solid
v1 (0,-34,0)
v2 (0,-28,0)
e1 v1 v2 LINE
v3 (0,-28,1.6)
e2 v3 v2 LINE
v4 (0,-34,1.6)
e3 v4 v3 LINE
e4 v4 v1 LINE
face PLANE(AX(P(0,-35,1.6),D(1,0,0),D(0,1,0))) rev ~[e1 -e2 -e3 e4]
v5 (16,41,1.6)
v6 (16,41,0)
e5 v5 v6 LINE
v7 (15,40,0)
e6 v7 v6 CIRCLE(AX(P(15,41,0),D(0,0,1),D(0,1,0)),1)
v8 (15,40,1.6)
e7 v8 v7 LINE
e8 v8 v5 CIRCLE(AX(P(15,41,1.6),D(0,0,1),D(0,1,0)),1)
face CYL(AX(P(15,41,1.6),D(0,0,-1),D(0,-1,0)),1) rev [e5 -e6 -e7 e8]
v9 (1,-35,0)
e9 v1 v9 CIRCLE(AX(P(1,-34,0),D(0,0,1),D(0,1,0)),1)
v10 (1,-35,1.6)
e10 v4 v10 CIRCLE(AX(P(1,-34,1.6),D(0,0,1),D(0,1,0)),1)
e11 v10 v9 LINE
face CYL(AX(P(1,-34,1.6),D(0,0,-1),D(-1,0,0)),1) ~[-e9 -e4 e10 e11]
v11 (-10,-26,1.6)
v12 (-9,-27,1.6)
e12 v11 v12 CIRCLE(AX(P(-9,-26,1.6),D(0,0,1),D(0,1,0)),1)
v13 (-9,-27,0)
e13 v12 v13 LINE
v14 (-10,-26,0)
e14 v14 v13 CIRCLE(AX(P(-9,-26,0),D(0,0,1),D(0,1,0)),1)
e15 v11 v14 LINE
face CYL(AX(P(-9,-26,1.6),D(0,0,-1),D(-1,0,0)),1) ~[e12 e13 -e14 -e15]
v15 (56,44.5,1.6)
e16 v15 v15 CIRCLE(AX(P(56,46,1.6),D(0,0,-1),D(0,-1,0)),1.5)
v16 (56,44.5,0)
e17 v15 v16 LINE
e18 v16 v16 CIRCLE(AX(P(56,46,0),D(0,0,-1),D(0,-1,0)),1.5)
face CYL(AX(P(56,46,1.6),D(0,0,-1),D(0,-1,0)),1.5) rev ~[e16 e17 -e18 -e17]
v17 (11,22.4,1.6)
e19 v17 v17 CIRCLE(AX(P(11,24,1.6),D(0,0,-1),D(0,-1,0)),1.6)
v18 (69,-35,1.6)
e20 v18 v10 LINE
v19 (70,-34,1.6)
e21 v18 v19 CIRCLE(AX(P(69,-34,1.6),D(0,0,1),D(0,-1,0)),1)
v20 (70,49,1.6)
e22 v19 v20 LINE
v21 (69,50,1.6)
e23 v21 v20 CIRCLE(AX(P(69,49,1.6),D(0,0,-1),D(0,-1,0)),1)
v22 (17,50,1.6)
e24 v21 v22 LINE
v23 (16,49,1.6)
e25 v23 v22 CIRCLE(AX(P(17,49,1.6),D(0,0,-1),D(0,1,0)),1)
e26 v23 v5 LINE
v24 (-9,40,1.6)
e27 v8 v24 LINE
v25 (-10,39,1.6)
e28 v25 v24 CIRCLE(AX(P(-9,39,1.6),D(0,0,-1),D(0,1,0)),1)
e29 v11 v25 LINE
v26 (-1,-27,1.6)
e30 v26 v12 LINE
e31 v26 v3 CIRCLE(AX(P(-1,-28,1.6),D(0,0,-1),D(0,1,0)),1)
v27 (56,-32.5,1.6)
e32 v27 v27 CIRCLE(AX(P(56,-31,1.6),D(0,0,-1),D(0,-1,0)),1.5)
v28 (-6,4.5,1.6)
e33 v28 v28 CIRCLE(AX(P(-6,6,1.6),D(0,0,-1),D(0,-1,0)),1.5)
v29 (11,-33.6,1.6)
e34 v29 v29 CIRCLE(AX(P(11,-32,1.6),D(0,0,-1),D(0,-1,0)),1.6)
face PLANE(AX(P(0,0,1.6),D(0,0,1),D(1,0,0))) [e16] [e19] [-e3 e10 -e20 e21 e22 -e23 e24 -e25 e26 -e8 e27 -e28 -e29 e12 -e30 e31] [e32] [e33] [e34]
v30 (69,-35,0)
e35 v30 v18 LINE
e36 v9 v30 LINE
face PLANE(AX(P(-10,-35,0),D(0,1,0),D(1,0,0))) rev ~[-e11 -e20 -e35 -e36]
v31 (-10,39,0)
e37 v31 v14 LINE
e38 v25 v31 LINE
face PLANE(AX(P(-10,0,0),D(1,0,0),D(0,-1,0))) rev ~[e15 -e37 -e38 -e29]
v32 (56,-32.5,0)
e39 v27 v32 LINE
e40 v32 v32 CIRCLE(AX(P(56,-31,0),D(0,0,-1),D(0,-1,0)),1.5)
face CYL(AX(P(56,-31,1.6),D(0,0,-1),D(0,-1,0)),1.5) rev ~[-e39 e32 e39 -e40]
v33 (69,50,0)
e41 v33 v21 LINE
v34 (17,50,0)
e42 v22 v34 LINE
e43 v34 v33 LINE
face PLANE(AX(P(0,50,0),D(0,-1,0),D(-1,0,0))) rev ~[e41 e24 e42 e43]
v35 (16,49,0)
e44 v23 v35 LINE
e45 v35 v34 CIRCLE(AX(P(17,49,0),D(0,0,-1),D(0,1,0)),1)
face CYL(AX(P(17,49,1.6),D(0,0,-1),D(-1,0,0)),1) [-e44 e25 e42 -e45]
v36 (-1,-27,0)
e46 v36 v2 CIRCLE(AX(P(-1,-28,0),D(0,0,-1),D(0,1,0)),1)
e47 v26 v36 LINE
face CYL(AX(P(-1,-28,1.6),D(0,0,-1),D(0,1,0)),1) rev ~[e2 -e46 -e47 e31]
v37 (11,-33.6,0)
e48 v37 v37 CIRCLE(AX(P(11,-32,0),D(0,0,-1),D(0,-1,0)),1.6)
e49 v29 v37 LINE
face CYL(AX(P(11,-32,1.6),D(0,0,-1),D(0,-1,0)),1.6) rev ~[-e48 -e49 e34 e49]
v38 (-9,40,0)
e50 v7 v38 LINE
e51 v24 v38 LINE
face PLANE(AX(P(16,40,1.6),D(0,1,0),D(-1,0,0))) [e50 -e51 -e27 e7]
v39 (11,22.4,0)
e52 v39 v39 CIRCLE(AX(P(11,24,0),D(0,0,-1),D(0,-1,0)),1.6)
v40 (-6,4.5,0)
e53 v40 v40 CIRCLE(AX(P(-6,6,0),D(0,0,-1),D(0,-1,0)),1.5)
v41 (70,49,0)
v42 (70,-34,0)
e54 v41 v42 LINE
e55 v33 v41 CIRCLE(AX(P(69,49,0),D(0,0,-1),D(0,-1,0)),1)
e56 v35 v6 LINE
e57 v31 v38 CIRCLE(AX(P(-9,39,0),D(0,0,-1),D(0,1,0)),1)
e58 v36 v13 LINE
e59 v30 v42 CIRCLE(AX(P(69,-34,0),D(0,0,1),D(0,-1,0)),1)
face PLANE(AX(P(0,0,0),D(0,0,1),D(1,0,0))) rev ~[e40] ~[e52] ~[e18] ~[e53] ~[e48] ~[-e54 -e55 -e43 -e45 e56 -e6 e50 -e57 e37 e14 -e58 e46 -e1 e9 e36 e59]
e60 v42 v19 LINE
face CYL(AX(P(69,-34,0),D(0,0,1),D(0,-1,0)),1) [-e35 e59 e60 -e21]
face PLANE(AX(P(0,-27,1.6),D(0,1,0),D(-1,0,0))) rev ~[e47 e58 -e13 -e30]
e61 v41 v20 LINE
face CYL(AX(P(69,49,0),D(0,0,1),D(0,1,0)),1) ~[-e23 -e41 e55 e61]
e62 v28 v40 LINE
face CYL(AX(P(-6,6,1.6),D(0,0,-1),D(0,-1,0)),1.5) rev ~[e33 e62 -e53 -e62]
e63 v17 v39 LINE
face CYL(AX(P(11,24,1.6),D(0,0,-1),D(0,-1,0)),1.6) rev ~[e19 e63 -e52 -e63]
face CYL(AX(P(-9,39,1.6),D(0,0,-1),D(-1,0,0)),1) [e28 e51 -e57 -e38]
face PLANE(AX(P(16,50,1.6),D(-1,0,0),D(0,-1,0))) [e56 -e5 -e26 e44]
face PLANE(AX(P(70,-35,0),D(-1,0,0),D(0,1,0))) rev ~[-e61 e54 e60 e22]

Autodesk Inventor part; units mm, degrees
ref_plane "YZ Plane" through (0, 0, 0) normal (1, 0, 0) x (0, 1, 0)
ref_plane "XZ Plane" through (0, 0, 0) normal (0, 1, 0) x (-1, 0, 0)
ref_plane "XY Plane" through (0, 0, 0) normal (0, 0, 1) x (1, 0, 0)
sketch "Skizze1" plane through (0, 0, 0) normal (0, 0, 1) x (1, 0, 0)
  line L0 (-10, -35) -> (70, -35)
  line L1 (70, -35) -> (70, 50)
  line L2 (70, 50) -> (-10, 50)
  line L3 (-10, 50) -> (-10, -35)
  line L4 (0, 67) -> (0, -52) projected
  line L5 (-26, 0) -> (86, 0) projected
  dimension "d0" = 80
  dimension "d1" = 85
  dimension "d4" = 35
  dimension "d5" = 10
extrude "Extrusion1" add sketch "Skizze1" along normal blind 1.6
sketch "Skizze3" plane through (0, 0, 1.6) normal (0, 0, 1) x (1, 0, 0)
  line L0 (-10, -35) -> (70, -35) projected
  line L1 (70, -35) -> (70, 50) projected
  line L2 (70, 50) -> (-10, 50) projected
  line L3 (-10, 50) -> (-10, -35) projected
  line L4 (-10, -35) -> (0, -35)
  line L5 (0, -35) -> (0, -27)
  line L6 (0, -27) -> (-10, -27)
  line L7 (-10, -27) -> (-10, -35)
  line L8 (70, 50) -> (-10, 50) projected
  line L9 (-10, 50) -> (16, 50)
  line L10 (16, 50) -> (16, 40)
  line L11 (16, 40) -> (-10, 40)
  line L12 (-10, 40) -> (-10, 50)
  point P0 (0, 0)
  dimension "d19" = 10
  dimension "d20" = 8
  dimension "d23" = 26
  dimension "d24" = 10
extrude "Extrusion2" cut sketch "Skizze3" against normal through all contours L3 L6 L5 L0 | L3 L2 L10 L11
sketch "Skizze2" plane through (0, 0, 1.6) normal (0, 0, 1) x (1, 0, 0)
  line L0 (-26, 0) -> (86, 0) projected
  line L1 (0, 67) -> (0, -52) projected
  point P0 (0, 0)
  point P1 (56, 46)
  point P2 (56, -31)
  point P3 (-6, 6)
  dimension "d13" = 56
  dimension "d14" = 46
  dimension "d15" = 6
  dimension "d17" = 31
  dimension "d18" = 56
  dimension "d35" = 6
hole "Montage" at (56, 46, 1.6) at (56, -31, 1.6) at (-6, 6, 1.6) direction (0, 0, -1) diameter 3 end through all
sketch "Skizze4" plane through (0, 0, 1.6) normal (0, 0, 1) x (1, 0, 0)
  line L0 (0, 67) -> (0, -52) projected
  line L1 (-26, 0) -> (86, 0) projected
  line L2 (11, -32) -> (11, 24) construction
  point P0 (0, 0)
  dimension "d25" = 11
  dimension "d26" = 32
  dimension "d27" = 56
hole "Display" at (11, 24, 1.6) at (11, -32, 1.6) direction (0, 0, -1) diameter 3.2 end through all
fillet "Rundung1" radius 1 8 edges at (-10, -27, 0.8) (0, -27, 0.8) (0, -35, 0.8) (70, -35, 0.8) (70, 50, 0.8) (16, 50, 0.8) (16, 40, 0.8) (-10, 40, 0.8)
properties part number "Mainboard" material "Phenolharz"
